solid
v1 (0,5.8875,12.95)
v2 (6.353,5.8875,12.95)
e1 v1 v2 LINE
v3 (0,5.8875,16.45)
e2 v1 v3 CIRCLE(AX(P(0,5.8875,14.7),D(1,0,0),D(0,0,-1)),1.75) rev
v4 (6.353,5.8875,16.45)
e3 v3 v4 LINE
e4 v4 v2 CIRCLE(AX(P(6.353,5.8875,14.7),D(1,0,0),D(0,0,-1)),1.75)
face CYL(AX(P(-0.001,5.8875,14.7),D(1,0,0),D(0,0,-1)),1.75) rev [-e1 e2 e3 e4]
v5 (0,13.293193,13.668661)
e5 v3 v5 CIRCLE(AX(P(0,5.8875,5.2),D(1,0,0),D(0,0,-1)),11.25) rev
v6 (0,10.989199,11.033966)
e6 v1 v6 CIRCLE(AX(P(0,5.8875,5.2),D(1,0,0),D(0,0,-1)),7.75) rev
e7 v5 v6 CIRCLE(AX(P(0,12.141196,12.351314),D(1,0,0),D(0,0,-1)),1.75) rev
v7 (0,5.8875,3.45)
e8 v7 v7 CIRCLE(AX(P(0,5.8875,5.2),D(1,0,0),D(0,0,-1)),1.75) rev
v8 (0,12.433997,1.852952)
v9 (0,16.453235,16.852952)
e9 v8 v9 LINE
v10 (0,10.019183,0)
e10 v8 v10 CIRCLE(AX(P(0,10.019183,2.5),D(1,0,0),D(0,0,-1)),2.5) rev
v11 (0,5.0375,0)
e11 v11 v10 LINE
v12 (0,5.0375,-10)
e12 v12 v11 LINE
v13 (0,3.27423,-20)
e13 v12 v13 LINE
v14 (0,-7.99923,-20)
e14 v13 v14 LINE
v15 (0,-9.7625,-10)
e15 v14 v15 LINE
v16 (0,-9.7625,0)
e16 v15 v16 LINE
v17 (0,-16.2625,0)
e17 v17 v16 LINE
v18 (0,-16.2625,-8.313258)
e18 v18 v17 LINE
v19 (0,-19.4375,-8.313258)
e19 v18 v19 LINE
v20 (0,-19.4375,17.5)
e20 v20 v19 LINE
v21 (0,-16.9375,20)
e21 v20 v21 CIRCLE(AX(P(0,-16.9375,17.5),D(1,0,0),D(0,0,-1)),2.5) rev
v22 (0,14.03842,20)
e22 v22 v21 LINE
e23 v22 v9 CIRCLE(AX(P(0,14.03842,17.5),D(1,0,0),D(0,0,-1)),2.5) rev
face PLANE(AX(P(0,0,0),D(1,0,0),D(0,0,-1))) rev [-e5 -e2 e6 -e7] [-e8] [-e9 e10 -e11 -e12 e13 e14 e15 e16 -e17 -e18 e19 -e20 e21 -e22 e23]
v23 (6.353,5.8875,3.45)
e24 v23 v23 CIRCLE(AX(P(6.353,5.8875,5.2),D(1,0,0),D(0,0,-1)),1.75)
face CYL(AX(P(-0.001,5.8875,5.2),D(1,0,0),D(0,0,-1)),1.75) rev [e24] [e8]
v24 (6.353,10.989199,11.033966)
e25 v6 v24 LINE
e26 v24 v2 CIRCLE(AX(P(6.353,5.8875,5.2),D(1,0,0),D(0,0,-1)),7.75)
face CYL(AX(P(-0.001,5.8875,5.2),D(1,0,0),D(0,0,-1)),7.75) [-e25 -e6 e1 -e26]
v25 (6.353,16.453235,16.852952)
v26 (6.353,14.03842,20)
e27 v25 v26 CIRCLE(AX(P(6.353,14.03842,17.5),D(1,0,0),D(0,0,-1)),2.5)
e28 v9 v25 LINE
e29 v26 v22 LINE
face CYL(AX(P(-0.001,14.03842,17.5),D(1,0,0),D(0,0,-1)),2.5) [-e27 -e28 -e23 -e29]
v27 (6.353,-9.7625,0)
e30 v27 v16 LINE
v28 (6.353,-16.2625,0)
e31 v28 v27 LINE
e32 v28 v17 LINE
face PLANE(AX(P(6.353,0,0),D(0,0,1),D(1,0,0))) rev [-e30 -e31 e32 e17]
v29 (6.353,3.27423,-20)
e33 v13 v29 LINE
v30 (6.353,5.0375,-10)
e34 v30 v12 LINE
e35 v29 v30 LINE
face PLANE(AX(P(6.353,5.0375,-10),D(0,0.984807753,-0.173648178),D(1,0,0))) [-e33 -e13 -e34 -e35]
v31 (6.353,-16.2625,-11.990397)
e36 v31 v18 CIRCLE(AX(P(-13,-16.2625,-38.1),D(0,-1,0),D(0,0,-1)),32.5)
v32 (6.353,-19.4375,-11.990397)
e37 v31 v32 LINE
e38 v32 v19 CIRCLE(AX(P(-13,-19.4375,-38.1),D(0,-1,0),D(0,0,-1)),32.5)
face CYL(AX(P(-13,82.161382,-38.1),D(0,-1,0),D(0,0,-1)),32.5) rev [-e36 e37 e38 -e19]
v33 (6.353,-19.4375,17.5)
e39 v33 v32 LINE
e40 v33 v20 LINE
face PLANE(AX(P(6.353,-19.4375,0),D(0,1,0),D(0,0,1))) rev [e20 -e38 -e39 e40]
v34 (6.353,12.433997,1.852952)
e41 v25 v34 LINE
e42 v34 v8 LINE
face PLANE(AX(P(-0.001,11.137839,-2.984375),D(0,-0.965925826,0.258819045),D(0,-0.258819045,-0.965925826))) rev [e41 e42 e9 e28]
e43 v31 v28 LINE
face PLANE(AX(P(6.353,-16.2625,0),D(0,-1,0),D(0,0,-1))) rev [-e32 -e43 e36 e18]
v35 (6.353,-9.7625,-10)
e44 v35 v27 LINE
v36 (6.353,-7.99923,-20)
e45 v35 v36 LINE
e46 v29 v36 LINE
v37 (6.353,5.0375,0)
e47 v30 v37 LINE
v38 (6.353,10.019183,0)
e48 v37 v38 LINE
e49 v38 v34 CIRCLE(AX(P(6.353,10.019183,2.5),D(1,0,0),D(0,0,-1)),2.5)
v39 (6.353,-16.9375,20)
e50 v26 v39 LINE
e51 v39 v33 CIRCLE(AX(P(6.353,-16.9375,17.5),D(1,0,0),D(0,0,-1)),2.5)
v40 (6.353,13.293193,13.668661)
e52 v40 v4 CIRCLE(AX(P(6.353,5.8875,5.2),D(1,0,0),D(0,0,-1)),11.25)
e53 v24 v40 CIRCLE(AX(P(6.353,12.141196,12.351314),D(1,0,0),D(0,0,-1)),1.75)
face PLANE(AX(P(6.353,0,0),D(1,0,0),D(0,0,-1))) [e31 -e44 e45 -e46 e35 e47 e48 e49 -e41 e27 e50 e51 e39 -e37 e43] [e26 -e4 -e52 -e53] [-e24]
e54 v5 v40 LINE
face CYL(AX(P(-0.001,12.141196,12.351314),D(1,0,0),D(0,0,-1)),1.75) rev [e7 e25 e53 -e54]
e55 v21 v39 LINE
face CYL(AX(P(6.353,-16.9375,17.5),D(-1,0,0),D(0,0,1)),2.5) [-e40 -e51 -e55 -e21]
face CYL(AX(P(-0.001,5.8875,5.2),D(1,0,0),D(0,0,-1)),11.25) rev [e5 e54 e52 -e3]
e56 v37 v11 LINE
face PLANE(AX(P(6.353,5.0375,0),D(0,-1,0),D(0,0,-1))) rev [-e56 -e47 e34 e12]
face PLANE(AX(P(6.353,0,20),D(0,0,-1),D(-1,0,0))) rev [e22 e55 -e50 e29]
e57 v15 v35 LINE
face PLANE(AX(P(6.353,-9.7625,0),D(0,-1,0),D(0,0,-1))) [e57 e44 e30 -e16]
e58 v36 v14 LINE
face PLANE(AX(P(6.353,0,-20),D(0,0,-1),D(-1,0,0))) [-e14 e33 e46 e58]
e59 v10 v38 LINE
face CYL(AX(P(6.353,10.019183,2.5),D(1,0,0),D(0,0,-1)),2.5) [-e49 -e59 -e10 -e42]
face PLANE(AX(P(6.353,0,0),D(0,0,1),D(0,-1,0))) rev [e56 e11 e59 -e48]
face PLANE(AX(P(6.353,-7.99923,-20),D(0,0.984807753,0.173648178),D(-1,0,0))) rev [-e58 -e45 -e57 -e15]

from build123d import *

# Parameters (mm, degrees)
BOSS_EXTRUDE1_DEPTH = 6.353
CUT_EXTRUDE1_REACH  = 30.604
SKETCH2_R           = 1.75
SKETCH3_R           = 32.5
CUT_EXTRUDE2_DEPTH  = 9.675
FILLET1_R           = 2.5
CHAMFER1_SIZE       = 10
CHAMFER1_SIZE2      = 1.763269807
CHAMFER2_SIZE       = 10
CHAMFER2_SIZE2      = 1.763269807


with BuildPart() as part:
    # Sketch1 → Boss-Extrude1 (new body)
    with BuildSketch(Plane(origin=(0, 0, 0), x_dir=(0, 0, -1), z_dir=(1, 0, 0))):
        Polygon((0, 19.4375), (-20, 19.4375), (-20, -19.4375), (20, -19.4375), (20, -16.2625), (0, -16.2625), (0, -9.7625), (20, -9.7625), (20, 5.0375), (0, 5.0375), (0, 11.5375), align=None)
    extrude(amount=BOSS_EXTRUDE1_DEPTH)

    # Sketch2 → Cut-Extrude1 (cut, up to next)
    with BuildSketch(Plane(origin=(6.353, 0, 0), x_dir=(0, 0, -1), z_dir=(1, 0, 0)), mode=Mode.PRIVATE) as cut_extrude1_sk1:
        with BuildLine():
            ThreePointArc((-16.45, 5.8875), (-14.7, 7.6375), (-12.95, 5.8875))
            ThreePointArc((-12.95, 5.8875), (-12.455196051, 8.612317472), (-11.033966385, 10.989199346))
            ThreePointArc((-11.033966385, 10.989199346), (-11.199317007, 13.458543221), (-13.668660882, 13.293192599))
            ThreePointArc((-13.668660882, 13.293192599), (-15.731736204, 9.842880202), (-16.45, 5.8875))
        make_face()
    cut_extrude1_tool1 = extrude(cut_extrude1_sk1.sketch, amount=-CUT_EXTRUDE1_REACH, mode=Mode.PRIVATE) & part.part
    # Sketch2 → Cut-Extrude1 (cut, up to next)
    with BuildSketch(Plane(origin=(6.353, 0, 0), x_dir=(0, 0, -1), z_dir=(1, 0, 0)), mode=Mode.PRIVATE) as cut_extrude1_sk2:
        with Locations((-14.7, 5.8875)):
            Circle(SKETCH2_R)
    cut_extrude1_tool2 = extrude(cut_extrude1_sk2.sketch, amount=-CUT_EXTRUDE1_REACH, mode=Mode.PRIVATE) & part.part
    # Sketch2 → Cut-Extrude1 (cut, up to next)
    with BuildSketch(Plane(origin=(6.353, 0, 0), x_dir=(0, 0, -1), z_dir=(1, 0, 0)), mode=Mode.PRIVATE) as cut_extrude1_sk3:
        with Locations((-5.2, 5.8875)):
            Circle(SKETCH2_R)
    cut_extrude1_tool3 = extrude(cut_extrude1_sk3.sketch, amount=-CUT_EXTRUDE1_REACH, mode=Mode.PRIVATE) & part.part
    # Sketch2 → Cut-Extrude1 (cut, up to next)
    with BuildSketch(Plane(origin=(6.353, 0, 0), x_dir=(0, 0, -1), z_dir=(1, 0, 0)), mode=Mode.PRIVATE) as cut_extrude1_sk4:
        Polygon((0, 19.4375), (-20, 19.4375), (-20, 17.296483849), (0, 11.9375), align=None)
    cut_extrude1_tool4 = extrude(cut_extrude1_sk4.sketch, amount=-CUT_EXTRUDE1_REACH, mode=Mode.PRIVATE) & part.part
    add(cut_extrude1_tool1.solids().sort_by_distance((6.353, 10.415401, 13.430466))[0], mode=Mode.SUBTRACT)
    add(cut_extrude1_tool2.solids().sort_by_distance((6.353, 5.8875, 14.7))[0], mode=Mode.SUBTRACT)
    add(cut_extrude1_tool3.solids().sort_by_distance((6.353, 5.8875, 5.2))[0], mode=Mode.SUBTRACT)
    add(cut_extrude1_tool4.solids().sort_by_distance((6.353, 16.779012, 8.147158))[0], mode=Mode.SUBTRACT)

    # Sketch3 → Cut-Extrude2 (cut)
    with BuildSketch(Plane.XZ.offset(19.4375)):
        with Locations((-13, -38.1)):
            Circle(SKETCH3_R)
    extrude(amount=-CUT_EXTRUDE2_DEPTH, mode=Mode.SUBTRACT)

    # Fillet1
    fillet1_edges = [part.edges().sort_by_distance(p)[0] for p in [
        (3.1765, -19.4375, 20),
        (3.1765, 17.296483849, 20),
        (3.1765, 11.9375, 0),
    ]]
    fillet(fillet1_edges, radius=FILLET1_R)

    # Chamfer1
    chamfer1_edges = [part.edges().sort_by_distance(p)[0] for p in [
        (3.1765, 5.0375, -20),
    ]]
    chamfer1_side = [part.faces().sort_by_distance(p)[0] for p in [
        (3.1765, 5.0375, -10),
    ]]
    chamfer(chamfer1_edges, length=CHAMFER1_SIZE, length2=CHAMFER1_SIZE2, reference=chamfer1_side[0])

    # Chamfer2
    chamfer2_edges = [part.edges().sort_by_distance(p)[0] for p in [
        (3.1765, -9.7625, -20),
    ]]
    chamfer2_side = [part.faces().sort_by_distance(p)[0] for p in [
        (3.1765, -9.7625, -10),
    ]]
    chamfer(chamfer2_edges, length=CHAMFER2_SIZE, length2=CHAMFER2_SIZE2, reference=chamfer2_side[0])


solid = part.part
